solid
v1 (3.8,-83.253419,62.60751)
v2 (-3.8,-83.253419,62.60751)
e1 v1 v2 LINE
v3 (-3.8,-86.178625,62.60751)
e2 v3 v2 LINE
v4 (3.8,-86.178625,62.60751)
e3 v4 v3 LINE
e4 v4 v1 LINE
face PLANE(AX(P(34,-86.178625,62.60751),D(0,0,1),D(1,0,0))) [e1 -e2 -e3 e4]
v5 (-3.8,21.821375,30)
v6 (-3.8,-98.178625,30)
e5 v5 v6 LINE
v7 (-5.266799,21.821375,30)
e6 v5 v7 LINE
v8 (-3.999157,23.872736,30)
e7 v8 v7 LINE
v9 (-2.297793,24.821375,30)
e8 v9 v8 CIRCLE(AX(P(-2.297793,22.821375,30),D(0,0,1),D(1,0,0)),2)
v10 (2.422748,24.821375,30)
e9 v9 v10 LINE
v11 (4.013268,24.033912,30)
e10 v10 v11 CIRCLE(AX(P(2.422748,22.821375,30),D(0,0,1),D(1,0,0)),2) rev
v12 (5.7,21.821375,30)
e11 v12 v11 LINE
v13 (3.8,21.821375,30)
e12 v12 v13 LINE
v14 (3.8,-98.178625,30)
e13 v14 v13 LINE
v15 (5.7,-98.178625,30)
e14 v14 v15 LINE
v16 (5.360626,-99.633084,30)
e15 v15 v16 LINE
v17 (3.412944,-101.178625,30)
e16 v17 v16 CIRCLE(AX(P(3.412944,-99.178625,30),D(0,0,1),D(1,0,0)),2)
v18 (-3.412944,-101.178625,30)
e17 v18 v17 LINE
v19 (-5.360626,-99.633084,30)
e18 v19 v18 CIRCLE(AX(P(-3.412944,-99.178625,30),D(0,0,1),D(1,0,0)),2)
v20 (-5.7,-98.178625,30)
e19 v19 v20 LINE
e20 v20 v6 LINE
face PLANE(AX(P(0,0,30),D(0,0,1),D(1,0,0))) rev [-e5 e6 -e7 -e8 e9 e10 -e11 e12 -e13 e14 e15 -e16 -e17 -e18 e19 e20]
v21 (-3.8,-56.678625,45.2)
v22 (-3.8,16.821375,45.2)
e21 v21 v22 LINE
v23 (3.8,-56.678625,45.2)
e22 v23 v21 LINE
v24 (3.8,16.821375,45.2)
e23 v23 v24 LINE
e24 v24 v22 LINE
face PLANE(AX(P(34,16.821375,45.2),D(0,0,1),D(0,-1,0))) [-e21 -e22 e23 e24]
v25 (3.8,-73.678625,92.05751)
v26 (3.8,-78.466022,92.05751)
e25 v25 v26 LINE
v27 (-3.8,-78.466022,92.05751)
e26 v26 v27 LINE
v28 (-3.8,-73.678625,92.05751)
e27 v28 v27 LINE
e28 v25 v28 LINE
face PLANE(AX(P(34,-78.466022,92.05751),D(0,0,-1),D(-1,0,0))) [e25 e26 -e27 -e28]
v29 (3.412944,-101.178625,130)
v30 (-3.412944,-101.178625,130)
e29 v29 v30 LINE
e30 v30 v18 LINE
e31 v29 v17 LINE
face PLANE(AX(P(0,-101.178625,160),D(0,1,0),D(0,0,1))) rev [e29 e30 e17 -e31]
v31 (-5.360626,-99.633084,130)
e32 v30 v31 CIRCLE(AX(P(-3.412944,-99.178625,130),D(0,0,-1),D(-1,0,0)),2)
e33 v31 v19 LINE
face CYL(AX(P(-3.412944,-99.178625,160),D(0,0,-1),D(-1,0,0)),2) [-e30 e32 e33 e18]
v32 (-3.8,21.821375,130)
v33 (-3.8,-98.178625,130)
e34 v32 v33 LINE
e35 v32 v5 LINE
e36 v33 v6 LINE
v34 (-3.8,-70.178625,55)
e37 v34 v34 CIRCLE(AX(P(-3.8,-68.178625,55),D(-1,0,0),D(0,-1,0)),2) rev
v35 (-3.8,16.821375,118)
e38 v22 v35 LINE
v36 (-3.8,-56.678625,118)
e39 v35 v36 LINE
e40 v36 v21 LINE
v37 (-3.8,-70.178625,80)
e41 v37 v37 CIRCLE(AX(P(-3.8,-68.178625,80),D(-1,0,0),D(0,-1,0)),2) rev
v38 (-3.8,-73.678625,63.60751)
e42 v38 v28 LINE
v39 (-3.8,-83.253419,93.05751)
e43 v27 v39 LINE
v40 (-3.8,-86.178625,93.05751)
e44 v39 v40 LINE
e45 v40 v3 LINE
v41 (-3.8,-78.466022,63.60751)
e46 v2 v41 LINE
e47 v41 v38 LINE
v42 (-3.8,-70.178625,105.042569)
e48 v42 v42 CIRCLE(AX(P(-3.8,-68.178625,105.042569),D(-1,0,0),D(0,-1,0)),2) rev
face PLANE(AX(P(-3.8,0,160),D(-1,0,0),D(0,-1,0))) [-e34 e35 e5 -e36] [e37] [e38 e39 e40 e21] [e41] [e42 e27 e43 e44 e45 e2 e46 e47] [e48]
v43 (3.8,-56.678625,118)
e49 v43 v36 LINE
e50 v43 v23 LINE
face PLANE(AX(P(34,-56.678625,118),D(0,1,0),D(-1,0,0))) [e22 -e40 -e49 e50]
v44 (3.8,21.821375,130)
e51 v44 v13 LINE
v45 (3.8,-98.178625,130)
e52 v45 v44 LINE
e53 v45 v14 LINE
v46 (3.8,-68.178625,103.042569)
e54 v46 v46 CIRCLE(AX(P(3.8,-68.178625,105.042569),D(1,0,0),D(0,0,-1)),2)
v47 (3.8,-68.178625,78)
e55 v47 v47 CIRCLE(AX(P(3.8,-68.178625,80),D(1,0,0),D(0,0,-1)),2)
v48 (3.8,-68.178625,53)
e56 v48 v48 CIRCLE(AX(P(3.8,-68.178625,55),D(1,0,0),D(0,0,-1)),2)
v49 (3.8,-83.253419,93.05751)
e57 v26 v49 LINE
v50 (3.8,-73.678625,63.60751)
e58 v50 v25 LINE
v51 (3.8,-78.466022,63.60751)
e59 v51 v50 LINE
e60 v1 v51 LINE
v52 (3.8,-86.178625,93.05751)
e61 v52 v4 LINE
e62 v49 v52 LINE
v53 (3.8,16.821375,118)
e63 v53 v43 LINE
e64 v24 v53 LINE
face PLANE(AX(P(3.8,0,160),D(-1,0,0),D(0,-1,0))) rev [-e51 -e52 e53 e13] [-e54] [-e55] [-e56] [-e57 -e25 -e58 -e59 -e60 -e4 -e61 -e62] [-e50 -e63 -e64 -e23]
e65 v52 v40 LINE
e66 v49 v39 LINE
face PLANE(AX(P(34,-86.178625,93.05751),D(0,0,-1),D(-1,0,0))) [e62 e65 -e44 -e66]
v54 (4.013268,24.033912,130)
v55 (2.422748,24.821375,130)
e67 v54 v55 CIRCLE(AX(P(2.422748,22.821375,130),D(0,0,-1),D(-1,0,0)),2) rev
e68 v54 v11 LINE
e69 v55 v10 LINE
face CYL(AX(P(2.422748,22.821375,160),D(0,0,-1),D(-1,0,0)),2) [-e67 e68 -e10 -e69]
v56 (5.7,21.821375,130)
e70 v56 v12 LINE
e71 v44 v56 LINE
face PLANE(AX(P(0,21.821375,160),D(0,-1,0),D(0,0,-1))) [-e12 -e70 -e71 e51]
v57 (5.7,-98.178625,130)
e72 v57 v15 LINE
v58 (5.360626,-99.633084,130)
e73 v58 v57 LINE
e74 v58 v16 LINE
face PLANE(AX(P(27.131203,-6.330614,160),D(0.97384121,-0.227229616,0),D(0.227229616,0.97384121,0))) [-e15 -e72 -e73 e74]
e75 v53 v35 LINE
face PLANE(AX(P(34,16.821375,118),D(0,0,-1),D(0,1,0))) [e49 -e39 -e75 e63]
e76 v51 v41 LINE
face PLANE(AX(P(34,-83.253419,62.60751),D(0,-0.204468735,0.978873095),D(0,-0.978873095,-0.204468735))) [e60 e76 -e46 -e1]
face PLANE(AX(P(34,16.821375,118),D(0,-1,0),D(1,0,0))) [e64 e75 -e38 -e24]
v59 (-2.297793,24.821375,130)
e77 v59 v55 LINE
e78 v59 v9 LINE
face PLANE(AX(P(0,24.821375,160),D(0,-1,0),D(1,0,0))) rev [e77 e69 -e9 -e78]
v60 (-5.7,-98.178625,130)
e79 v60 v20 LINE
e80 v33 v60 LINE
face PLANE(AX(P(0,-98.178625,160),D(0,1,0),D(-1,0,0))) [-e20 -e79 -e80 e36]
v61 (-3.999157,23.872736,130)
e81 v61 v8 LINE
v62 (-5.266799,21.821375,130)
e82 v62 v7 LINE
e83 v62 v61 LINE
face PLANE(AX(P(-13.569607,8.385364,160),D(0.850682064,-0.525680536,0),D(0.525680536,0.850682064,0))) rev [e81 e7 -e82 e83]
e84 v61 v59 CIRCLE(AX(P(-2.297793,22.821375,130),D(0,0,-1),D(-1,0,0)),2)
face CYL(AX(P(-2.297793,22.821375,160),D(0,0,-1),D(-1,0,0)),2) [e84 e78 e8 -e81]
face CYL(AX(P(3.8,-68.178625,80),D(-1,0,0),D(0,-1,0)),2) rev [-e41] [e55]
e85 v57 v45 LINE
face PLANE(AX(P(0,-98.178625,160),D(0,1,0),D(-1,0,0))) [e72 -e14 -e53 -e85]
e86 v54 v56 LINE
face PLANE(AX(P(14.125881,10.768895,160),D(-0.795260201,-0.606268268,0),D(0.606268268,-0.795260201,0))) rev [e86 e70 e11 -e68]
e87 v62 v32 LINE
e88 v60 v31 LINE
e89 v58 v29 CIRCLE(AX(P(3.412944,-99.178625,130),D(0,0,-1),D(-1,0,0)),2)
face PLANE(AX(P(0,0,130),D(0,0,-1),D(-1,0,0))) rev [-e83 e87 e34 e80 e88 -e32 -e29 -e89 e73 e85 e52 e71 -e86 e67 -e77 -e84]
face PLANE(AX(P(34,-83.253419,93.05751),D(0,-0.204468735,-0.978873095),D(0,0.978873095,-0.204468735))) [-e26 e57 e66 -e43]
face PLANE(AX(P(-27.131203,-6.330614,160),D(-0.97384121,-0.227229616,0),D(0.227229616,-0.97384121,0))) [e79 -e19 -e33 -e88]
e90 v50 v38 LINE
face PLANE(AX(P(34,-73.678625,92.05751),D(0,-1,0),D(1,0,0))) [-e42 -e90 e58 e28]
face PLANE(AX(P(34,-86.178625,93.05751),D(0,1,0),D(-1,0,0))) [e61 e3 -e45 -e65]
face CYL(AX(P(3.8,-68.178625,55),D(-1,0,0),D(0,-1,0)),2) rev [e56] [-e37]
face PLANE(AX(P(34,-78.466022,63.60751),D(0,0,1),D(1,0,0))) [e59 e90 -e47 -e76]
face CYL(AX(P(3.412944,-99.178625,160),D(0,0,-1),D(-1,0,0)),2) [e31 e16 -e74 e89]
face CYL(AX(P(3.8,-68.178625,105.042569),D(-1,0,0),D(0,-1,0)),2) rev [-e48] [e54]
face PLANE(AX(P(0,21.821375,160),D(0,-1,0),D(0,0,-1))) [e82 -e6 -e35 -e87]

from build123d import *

# Parameters (mm, degrees)
RESSALTO_EXTRUS_O1_DEPTH   = 160
ESBO_O2_W                  = 7.6
ESBO_O2_H                  = 120
CORTE_EXTRUS_O1_DEPTH      = 30
CORTE_EXTRUS_O2_DEPTH      = 30
F_3DSKETCH3_R              = 2
CORTE_EXTRUS_O3_DEPTH      = 70
ESBO_O3_W                  = 45.015344868
ESBO_O3_H                  = 129.478543367
ESBO_O3_W_2                = 37.192593828
CORTE_EXTRUS_O4_DEPTH      = 41
CORTE_EXTRUS_O4_DEPTH_BACK = 22
ESBO_O4_W                  = 72.8
ESBO_O4_H                  = 73.5
CORTE_EXTRUS_O5_DEPTH      = 34
CORTE_EXTRUS_O5_DEPTH_BACK = 36


with BuildPart() as part:
    # Esboço1 → Ressalto-extrusão1 (new body)
    with BuildSketch(Plane.XY):
        with BuildLine():
            Line((-3.8, 21.821375341), (-3.8, -98.178624659))
            Line((-3.8, -98.178624659), (-5.7, -98.178624659))
            Line((-5.7, -98.178624659), (-5.360626179, -99.63308389))
            ThreePointArc((-5.360626179, -99.63308389), (-4.656141559, -100.745296045), (-3.41294376, -101.178624659))
            Line((-3.41294376, -101.178624659), (3.41294376, -101.178624659))
            ThreePointArc((3.41294376, -101.178624659), (4.656141559, -100.745296045), (5.360626179, -99.63308389))
            Line((5.360626179, -99.63308389), (5.7, -98.178624659))
            Line((5.7, -98.178624659), (3.8, -98.178624659))
            Line((3.8, -98.178624659), (3.8, 21.821375341))
            Line((3.8, 21.821375341), (5.7, 21.821375341))
            Line((5.7, 21.821375341), (4.013268169, 24.033911877))
            ThreePointArc((4.013268169, 24.033911877), (3.310139149, 24.613730366), (2.422747768, 24.821375341))
            Line((2.422747768, 24.821375341), (-2.297792791, 24.821375341))
            ThreePointArc((-2.297792791, 24.821375341), (-3.27177376, 24.568189891), (-3.999156919, 23.872736414))
            Line((-3.999156919, 23.872736414), (-5.266799243, 21.821375341))
            Line((-5.266799243, 21.821375341), (-3.8, 21.821375341))
        make_face()
    extrude(amount=RESSALTO_EXTRUS_O1_DEPTH)

    # Esboço2 → Corte-extrusão1 (cut)
    with BuildSketch(Plane.XY):
        with Locations((0, -38.178624659)):
            Rectangle(ESBO_O2_W, ESBO_O2_H)
    extrude(amount=CORTE_EXTRUS_O1_DEPTH, mode=Mode.SUBTRACT)

    # 3DSketch2 → Corte-extrusão2 (cut)
    with BuildSketch(Plane(origin=(-3.8, 21.821375341, 160), x_dir=(0.0632066956560733, -0.9980004577274705, 0), z_dir=(0, 0, -1))):
        Polygon((0, 0), (0.480370887, -7.584803479), (120.240425814, 0), (119.760054927, 7.584803479), align=None)
    extrude(amount=CORTE_EXTRUS_O2_DEPTH, mode=Mode.SUBTRACT)

    # 3DSketch3 → Corte-extrusão3 (cut)
    with BuildSketch(Plane(origin=(3.8, -38.178624659, 80), x_dir=(0, 0.7676852805184269, 0.6408270516101394), z_dir=(1, 0, 0))):
        with Locations(Location((0, 0, 0), (0, 0, 140.146481665))):
            Circle(F_3DSKETCH3_R)
        with Locations(Location((23.030558416, -19.224811548, 0), (0, 0, 140.146481665))):
            Circle(F_3DSKETCH3_R)
        with Locations(Location((-23.030558416, 19.224811548, 0), (0, 0, 140.146481665))):
            Circle(F_3DSKETCH3_R)
        with Locations(Location((-39.051234706, 0.032679535, 0), (0, 0, 140.146481665))):
            Circle(F_3DSKETCH3_R)
        with Locations(Location((-16.02067629, -19.192132013, 0), (0, 0, 140.146481665))):
            Circle(F_3DSKETCH3_R)
        with Locations(Location((7.009882125, -38.416943561, 0), (0, 0, 140.146481665))):
            Circle(F_3DSKETCH3_R)
        with Locations(Location((-6.982602808, 38.449623097, 0), (0, 0, 140.146481665))):
            Circle(F_3DSKETCH3_R)
        with Locations(Location((16.047955607, 19.224811548, 0), (0, 0, 140.146481665))):
            Circle(F_3DSKETCH3_R)
        with Locations(Location((39.078514023, 0, 0), (0, 0, 140.146481665))):
            Circle(F_3DSKETCH3_R)
    extrude(amount=-CORTE_EXTRUS_O3_DEPTH, mode=Mode.SUBTRACT)

    # Esboço3 → Corte-extrusão4 (cut, two sides)
    with BuildSketch(Plane(origin=(0, 0, 0), x_dir=(0, 0, -1), z_dir=(1, 0, 0))) as corte_extrus_o4_sk:
        with Locations((-7.492327566, -39.917896343)):
            Rectangle(ESBO_O3_W, ESBO_O3_H)
        with Locations((-148.596296914, -39.917896343)):
            Rectangle(ESBO_O3_W_2, ESBO_O3_H)
    extrude(amount=CORTE_EXTRUS_O4_DEPTH, mode=Mode.SUBTRACT)
    extrude(corte_extrus_o4_sk.sketch, amount=-CORTE_EXTRUS_O4_DEPTH_BACK, mode=Mode.SUBTRACT)

    # Esboço4 → Corte-extrusão5 (cut, two sides)
    with BuildSketch(Plane(origin=(0, 0, 0), x_dir=(0, 0, -1), z_dir=(1, 0, 0))) as corte_extrus_o5_sk:
        with Locations((-81.6, -19.928624659)):
            Rectangle(ESBO_O4_W, ESBO_O4_H)
        Polygon((-93.057510279, -86.178624659), (-62.607510279, -86.178624659), (-62.607510279, -83.253419483), (-63.607510279, -78.466022071), (-63.607510279, -73.678624659), (-92.057510279, -73.678624659), (-92.057510279, -78.466022071), (-93.057510279, -83.253419483), align=None)
    extrude(amount=CORTE_EXTRUS_O5_DEPTH, mode=Mode.SUBTRACT)
    extrude(corte_extrus_o5_sk.sketch, amount=-CORTE_EXTRUS_O5_DEPTH_BACK, mode=Mode.SUBTRACT)


solid = part.part
